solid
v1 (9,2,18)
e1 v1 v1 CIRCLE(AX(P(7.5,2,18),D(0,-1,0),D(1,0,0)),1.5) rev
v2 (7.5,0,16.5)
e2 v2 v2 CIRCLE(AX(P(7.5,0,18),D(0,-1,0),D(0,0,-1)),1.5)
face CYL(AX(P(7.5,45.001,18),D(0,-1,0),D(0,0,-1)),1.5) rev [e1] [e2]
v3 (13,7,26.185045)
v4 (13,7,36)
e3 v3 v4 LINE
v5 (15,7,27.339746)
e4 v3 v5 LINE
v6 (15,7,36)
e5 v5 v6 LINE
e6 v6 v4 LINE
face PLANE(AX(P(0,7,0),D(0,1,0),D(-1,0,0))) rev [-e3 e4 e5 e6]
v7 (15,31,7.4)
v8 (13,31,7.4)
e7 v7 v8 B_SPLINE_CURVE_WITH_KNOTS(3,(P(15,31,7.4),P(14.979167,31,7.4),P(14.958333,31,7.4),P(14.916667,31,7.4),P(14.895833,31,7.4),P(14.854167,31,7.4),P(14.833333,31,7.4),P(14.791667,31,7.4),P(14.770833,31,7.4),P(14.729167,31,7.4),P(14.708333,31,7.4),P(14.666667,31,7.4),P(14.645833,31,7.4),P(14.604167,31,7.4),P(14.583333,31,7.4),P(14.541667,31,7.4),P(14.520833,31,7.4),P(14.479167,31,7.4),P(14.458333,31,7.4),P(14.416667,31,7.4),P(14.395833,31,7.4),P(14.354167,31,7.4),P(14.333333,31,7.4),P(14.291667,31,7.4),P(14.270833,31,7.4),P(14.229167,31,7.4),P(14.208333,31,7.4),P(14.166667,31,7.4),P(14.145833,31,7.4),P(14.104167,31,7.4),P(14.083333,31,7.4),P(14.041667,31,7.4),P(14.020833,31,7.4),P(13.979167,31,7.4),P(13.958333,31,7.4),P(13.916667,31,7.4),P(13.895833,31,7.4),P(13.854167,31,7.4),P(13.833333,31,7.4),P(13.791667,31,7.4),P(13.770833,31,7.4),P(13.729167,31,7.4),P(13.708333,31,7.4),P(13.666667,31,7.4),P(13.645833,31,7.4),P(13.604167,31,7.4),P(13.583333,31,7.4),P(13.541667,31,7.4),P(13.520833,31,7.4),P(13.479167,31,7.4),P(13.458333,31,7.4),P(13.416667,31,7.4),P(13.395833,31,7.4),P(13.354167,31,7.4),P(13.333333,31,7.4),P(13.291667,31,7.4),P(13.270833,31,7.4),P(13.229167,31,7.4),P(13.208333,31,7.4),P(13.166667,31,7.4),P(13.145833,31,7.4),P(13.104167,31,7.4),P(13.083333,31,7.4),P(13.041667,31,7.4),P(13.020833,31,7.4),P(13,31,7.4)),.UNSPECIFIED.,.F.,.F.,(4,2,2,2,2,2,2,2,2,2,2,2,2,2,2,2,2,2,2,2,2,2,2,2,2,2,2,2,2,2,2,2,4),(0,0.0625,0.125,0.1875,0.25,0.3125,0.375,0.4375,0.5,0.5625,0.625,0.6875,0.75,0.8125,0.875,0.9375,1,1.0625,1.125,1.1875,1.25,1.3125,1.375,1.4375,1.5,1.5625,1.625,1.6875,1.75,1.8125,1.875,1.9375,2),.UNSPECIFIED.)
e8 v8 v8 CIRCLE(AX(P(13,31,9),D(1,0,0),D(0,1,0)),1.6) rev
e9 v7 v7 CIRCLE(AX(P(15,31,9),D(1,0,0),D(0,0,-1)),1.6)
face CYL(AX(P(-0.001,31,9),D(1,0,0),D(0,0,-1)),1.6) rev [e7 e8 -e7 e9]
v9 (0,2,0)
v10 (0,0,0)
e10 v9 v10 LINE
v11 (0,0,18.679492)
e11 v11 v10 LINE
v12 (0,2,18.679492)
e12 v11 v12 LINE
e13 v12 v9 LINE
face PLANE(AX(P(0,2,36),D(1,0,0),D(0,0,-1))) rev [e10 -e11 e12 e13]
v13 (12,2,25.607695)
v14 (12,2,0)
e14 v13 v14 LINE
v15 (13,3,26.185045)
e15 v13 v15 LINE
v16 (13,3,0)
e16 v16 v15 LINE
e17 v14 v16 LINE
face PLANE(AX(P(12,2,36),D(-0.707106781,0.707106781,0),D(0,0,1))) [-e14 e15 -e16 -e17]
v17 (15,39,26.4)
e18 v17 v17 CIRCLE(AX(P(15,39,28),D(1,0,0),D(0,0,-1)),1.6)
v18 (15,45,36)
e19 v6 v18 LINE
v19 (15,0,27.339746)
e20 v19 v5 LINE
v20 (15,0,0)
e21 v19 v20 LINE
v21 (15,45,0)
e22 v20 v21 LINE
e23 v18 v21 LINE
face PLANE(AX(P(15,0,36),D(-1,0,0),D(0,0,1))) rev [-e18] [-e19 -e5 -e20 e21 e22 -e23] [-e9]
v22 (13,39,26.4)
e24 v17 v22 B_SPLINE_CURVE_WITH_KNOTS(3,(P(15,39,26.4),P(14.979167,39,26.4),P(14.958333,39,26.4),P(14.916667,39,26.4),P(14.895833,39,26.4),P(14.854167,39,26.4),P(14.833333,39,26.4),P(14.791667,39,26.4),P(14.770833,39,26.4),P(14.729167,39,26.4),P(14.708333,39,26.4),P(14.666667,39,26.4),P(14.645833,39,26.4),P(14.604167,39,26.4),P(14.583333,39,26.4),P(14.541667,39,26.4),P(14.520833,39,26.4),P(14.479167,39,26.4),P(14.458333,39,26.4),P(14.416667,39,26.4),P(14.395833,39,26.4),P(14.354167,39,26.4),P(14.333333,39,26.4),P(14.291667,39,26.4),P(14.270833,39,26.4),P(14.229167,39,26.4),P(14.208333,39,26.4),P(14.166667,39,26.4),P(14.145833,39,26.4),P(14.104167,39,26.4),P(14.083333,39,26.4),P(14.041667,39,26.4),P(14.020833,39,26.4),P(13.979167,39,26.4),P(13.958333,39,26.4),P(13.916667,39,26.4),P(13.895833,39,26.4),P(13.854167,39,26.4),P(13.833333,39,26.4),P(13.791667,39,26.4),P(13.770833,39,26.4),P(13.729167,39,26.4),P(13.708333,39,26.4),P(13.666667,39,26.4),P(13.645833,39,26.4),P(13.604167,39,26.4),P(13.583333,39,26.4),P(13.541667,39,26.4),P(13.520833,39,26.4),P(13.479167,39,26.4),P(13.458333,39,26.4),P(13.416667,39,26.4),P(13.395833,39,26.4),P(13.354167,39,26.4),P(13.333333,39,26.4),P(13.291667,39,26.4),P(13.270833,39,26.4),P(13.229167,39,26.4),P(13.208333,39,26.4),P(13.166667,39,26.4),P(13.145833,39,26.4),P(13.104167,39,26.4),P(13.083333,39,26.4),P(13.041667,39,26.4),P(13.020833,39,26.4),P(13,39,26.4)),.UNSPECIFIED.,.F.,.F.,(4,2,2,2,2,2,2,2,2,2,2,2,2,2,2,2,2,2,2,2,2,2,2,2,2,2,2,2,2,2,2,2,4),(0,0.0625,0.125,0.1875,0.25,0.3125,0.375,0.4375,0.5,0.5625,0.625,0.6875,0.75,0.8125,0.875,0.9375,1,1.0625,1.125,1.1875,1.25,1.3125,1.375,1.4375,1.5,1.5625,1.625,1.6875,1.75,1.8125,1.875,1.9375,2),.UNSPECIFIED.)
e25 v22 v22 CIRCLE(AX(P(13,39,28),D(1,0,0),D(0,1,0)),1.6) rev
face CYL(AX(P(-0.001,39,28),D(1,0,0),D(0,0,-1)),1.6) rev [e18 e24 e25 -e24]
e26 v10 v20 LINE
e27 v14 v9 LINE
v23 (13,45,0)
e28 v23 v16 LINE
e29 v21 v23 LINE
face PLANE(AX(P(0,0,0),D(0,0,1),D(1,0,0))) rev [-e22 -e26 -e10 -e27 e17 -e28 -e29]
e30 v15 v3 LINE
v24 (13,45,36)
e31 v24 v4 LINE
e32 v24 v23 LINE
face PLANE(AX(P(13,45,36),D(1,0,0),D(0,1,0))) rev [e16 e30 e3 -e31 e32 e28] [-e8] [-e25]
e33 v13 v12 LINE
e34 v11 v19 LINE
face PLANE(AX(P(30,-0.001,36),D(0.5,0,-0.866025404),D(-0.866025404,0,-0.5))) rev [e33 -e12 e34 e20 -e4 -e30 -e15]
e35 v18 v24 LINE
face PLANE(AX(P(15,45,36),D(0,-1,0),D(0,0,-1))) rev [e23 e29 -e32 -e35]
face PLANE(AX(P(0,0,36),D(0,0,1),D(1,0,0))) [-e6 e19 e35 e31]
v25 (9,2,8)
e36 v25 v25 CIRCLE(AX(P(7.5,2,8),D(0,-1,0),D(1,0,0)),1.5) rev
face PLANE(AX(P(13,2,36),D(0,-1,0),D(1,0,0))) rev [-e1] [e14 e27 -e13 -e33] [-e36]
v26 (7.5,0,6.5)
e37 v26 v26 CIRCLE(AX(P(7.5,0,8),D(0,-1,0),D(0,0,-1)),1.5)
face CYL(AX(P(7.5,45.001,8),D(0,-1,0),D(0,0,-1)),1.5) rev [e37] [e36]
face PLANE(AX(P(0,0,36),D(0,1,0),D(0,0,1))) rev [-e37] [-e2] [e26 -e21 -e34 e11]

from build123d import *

# Parameters (mm, degrees)
EXTRUDE_2_DEPTH     = 36
CUT_EXTRUDE_4_REACH = 61.548
SKETCH_7_R          = 1.5
CHAMFER_2_SIZE      = 1
CUT_EXTRUDE_5_REACH = 61.548
SKETCH_8_R          = 1.6
CUT_EXTRUDE_6_REACH = 60.052
CUT_EXTRUDE_8_DEPTH = 5


with BuildPart() as part:
    # ｽｹｯﾁ6 → ﾎﾞｽ - 押し出し2 (new body)
    with BuildSketch(Plane.XY):
        Polygon((0, 0), (15, 0), (15, 45), (13, 45), (13, 2), (0, 2), align=None)
    extrude(amount=EXTRUDE_2_DEPTH)

    # ｽｹｯﾁ7 → ｶｯﾄ - 押し出し4 (cut, up to next)
    with BuildSketch(Plane.XZ, mode=Mode.PRIVATE) as cut_extrude_4_sk1:
        with Locations(Location((7.5, 18, 0), (0, 0, 270))):
            Circle(SKETCH_7_R)
    cut_extrude_4_tool1 = extrude(cut_extrude_4_sk1.sketch, amount=-CUT_EXTRUDE_4_REACH, mode=Mode.PRIVATE) & part.part
    # ｽｹｯﾁ7 → ｶｯﾄ - 押し出し4 (cut, up to next)
    with BuildSketch(Plane.XZ, mode=Mode.PRIVATE) as cut_extrude_4_sk2:
        with Locations(Location((7.5, 8, 0), (0, 0, 270))):
            Circle(SKETCH_7_R)
    cut_extrude_4_tool2 = extrude(cut_extrude_4_sk2.sketch, amount=-CUT_EXTRUDE_4_REACH, mode=Mode.PRIVATE) & part.part
    add(cut_extrude_4_tool1.solids().sort_by_distance((7.5, 0, 18))[0], mode=Mode.SUBTRACT)
    add(cut_extrude_4_tool2.solids().sort_by_distance((7.5, 0, 8))[0], mode=Mode.SUBTRACT)

    # 面取り2
    chamfer_2_edges = [part.edges().sort_by_distance(p)[0] for p in [
        (13, 2, 18),
    ]]
    chamfer(chamfer_2_edges, length=CHAMFER_2_SIZE)

    # ｽｹｯﾁ8 → ｶｯﾄ - 押し出し5 (cut, up to next)
    with BuildSketch(Plane(origin=(15, 0, 0), x_dir=(0, 0, -1), z_dir=(1, 0, 0)), mode=Mode.PRIVATE) as cut_extrude_5_sk1:
        with Locations((-28, 39)):
            Circle(SKETCH_8_R)
    cut_extrude_5_tool1 = extrude(cut_extrude_5_sk1.sketch, amount=-CUT_EXTRUDE_5_REACH, mode=Mode.PRIVATE) & part.part
    # ｽｹｯﾁ8 → ｶｯﾄ - 押し出し5 (cut, up to next)
    with BuildSketch(Plane(origin=(15, 0, 0), x_dir=(0, 0, -1), z_dir=(1, 0, 0)), mode=Mode.PRIVATE) as cut_extrude_5_sk2:
        with Locations((-9, 31)):
            Circle(SKETCH_8_R)
    cut_extrude_5_tool2 = extrude(cut_extrude_5_sk2.sketch, amount=-CUT_EXTRUDE_5_REACH, mode=Mode.PRIVATE) & part.part
    add(cut_extrude_5_tool1.solids().sort_by_distance((15, 39, 28))[0], mode=Mode.SUBTRACT)
    add(cut_extrude_5_tool2.solids().sort_by_distance((15, 31, 9))[0], mode=Mode.SUBTRACT)

    # ｽｹｯﾁ9 → ｶｯﾄ - 押し出し6 (cut, up to next)
    with BuildSketch(Plane(origin=(0, 2, 0), x_dir=(1, 0, 0), z_dir=(0, 1, 0)), mode=Mode.PRIVATE) as cut_extrude_6_sk1:
        Polygon((0, -36), (30, -36), (0, -18.679491924), align=None)
    cut_extrude_6_tool1 = extrude(cut_extrude_6_sk1.sketch, amount=-CUT_EXTRUDE_6_REACH, mode=Mode.PRIVATE) & part.part
    add(cut_extrude_6_tool1.solids().sort_by_distance((10, 2, 30.226497))[0], mode=Mode.SUBTRACT)

    # ｽｹｯﾁ11 → ｶｯﾄ - 押し出し8 (cut)
    with BuildSketch(Plane.XZ.offset(-2)):
        Polygon((12, 25.607695155), (15, 27.339745962), (15, 36), (12, 36), align=None)
    extrude(amount=-CUT_EXTRUDE_8_DEPTH, mode=Mode.SUBTRACT)


solid = part.part
